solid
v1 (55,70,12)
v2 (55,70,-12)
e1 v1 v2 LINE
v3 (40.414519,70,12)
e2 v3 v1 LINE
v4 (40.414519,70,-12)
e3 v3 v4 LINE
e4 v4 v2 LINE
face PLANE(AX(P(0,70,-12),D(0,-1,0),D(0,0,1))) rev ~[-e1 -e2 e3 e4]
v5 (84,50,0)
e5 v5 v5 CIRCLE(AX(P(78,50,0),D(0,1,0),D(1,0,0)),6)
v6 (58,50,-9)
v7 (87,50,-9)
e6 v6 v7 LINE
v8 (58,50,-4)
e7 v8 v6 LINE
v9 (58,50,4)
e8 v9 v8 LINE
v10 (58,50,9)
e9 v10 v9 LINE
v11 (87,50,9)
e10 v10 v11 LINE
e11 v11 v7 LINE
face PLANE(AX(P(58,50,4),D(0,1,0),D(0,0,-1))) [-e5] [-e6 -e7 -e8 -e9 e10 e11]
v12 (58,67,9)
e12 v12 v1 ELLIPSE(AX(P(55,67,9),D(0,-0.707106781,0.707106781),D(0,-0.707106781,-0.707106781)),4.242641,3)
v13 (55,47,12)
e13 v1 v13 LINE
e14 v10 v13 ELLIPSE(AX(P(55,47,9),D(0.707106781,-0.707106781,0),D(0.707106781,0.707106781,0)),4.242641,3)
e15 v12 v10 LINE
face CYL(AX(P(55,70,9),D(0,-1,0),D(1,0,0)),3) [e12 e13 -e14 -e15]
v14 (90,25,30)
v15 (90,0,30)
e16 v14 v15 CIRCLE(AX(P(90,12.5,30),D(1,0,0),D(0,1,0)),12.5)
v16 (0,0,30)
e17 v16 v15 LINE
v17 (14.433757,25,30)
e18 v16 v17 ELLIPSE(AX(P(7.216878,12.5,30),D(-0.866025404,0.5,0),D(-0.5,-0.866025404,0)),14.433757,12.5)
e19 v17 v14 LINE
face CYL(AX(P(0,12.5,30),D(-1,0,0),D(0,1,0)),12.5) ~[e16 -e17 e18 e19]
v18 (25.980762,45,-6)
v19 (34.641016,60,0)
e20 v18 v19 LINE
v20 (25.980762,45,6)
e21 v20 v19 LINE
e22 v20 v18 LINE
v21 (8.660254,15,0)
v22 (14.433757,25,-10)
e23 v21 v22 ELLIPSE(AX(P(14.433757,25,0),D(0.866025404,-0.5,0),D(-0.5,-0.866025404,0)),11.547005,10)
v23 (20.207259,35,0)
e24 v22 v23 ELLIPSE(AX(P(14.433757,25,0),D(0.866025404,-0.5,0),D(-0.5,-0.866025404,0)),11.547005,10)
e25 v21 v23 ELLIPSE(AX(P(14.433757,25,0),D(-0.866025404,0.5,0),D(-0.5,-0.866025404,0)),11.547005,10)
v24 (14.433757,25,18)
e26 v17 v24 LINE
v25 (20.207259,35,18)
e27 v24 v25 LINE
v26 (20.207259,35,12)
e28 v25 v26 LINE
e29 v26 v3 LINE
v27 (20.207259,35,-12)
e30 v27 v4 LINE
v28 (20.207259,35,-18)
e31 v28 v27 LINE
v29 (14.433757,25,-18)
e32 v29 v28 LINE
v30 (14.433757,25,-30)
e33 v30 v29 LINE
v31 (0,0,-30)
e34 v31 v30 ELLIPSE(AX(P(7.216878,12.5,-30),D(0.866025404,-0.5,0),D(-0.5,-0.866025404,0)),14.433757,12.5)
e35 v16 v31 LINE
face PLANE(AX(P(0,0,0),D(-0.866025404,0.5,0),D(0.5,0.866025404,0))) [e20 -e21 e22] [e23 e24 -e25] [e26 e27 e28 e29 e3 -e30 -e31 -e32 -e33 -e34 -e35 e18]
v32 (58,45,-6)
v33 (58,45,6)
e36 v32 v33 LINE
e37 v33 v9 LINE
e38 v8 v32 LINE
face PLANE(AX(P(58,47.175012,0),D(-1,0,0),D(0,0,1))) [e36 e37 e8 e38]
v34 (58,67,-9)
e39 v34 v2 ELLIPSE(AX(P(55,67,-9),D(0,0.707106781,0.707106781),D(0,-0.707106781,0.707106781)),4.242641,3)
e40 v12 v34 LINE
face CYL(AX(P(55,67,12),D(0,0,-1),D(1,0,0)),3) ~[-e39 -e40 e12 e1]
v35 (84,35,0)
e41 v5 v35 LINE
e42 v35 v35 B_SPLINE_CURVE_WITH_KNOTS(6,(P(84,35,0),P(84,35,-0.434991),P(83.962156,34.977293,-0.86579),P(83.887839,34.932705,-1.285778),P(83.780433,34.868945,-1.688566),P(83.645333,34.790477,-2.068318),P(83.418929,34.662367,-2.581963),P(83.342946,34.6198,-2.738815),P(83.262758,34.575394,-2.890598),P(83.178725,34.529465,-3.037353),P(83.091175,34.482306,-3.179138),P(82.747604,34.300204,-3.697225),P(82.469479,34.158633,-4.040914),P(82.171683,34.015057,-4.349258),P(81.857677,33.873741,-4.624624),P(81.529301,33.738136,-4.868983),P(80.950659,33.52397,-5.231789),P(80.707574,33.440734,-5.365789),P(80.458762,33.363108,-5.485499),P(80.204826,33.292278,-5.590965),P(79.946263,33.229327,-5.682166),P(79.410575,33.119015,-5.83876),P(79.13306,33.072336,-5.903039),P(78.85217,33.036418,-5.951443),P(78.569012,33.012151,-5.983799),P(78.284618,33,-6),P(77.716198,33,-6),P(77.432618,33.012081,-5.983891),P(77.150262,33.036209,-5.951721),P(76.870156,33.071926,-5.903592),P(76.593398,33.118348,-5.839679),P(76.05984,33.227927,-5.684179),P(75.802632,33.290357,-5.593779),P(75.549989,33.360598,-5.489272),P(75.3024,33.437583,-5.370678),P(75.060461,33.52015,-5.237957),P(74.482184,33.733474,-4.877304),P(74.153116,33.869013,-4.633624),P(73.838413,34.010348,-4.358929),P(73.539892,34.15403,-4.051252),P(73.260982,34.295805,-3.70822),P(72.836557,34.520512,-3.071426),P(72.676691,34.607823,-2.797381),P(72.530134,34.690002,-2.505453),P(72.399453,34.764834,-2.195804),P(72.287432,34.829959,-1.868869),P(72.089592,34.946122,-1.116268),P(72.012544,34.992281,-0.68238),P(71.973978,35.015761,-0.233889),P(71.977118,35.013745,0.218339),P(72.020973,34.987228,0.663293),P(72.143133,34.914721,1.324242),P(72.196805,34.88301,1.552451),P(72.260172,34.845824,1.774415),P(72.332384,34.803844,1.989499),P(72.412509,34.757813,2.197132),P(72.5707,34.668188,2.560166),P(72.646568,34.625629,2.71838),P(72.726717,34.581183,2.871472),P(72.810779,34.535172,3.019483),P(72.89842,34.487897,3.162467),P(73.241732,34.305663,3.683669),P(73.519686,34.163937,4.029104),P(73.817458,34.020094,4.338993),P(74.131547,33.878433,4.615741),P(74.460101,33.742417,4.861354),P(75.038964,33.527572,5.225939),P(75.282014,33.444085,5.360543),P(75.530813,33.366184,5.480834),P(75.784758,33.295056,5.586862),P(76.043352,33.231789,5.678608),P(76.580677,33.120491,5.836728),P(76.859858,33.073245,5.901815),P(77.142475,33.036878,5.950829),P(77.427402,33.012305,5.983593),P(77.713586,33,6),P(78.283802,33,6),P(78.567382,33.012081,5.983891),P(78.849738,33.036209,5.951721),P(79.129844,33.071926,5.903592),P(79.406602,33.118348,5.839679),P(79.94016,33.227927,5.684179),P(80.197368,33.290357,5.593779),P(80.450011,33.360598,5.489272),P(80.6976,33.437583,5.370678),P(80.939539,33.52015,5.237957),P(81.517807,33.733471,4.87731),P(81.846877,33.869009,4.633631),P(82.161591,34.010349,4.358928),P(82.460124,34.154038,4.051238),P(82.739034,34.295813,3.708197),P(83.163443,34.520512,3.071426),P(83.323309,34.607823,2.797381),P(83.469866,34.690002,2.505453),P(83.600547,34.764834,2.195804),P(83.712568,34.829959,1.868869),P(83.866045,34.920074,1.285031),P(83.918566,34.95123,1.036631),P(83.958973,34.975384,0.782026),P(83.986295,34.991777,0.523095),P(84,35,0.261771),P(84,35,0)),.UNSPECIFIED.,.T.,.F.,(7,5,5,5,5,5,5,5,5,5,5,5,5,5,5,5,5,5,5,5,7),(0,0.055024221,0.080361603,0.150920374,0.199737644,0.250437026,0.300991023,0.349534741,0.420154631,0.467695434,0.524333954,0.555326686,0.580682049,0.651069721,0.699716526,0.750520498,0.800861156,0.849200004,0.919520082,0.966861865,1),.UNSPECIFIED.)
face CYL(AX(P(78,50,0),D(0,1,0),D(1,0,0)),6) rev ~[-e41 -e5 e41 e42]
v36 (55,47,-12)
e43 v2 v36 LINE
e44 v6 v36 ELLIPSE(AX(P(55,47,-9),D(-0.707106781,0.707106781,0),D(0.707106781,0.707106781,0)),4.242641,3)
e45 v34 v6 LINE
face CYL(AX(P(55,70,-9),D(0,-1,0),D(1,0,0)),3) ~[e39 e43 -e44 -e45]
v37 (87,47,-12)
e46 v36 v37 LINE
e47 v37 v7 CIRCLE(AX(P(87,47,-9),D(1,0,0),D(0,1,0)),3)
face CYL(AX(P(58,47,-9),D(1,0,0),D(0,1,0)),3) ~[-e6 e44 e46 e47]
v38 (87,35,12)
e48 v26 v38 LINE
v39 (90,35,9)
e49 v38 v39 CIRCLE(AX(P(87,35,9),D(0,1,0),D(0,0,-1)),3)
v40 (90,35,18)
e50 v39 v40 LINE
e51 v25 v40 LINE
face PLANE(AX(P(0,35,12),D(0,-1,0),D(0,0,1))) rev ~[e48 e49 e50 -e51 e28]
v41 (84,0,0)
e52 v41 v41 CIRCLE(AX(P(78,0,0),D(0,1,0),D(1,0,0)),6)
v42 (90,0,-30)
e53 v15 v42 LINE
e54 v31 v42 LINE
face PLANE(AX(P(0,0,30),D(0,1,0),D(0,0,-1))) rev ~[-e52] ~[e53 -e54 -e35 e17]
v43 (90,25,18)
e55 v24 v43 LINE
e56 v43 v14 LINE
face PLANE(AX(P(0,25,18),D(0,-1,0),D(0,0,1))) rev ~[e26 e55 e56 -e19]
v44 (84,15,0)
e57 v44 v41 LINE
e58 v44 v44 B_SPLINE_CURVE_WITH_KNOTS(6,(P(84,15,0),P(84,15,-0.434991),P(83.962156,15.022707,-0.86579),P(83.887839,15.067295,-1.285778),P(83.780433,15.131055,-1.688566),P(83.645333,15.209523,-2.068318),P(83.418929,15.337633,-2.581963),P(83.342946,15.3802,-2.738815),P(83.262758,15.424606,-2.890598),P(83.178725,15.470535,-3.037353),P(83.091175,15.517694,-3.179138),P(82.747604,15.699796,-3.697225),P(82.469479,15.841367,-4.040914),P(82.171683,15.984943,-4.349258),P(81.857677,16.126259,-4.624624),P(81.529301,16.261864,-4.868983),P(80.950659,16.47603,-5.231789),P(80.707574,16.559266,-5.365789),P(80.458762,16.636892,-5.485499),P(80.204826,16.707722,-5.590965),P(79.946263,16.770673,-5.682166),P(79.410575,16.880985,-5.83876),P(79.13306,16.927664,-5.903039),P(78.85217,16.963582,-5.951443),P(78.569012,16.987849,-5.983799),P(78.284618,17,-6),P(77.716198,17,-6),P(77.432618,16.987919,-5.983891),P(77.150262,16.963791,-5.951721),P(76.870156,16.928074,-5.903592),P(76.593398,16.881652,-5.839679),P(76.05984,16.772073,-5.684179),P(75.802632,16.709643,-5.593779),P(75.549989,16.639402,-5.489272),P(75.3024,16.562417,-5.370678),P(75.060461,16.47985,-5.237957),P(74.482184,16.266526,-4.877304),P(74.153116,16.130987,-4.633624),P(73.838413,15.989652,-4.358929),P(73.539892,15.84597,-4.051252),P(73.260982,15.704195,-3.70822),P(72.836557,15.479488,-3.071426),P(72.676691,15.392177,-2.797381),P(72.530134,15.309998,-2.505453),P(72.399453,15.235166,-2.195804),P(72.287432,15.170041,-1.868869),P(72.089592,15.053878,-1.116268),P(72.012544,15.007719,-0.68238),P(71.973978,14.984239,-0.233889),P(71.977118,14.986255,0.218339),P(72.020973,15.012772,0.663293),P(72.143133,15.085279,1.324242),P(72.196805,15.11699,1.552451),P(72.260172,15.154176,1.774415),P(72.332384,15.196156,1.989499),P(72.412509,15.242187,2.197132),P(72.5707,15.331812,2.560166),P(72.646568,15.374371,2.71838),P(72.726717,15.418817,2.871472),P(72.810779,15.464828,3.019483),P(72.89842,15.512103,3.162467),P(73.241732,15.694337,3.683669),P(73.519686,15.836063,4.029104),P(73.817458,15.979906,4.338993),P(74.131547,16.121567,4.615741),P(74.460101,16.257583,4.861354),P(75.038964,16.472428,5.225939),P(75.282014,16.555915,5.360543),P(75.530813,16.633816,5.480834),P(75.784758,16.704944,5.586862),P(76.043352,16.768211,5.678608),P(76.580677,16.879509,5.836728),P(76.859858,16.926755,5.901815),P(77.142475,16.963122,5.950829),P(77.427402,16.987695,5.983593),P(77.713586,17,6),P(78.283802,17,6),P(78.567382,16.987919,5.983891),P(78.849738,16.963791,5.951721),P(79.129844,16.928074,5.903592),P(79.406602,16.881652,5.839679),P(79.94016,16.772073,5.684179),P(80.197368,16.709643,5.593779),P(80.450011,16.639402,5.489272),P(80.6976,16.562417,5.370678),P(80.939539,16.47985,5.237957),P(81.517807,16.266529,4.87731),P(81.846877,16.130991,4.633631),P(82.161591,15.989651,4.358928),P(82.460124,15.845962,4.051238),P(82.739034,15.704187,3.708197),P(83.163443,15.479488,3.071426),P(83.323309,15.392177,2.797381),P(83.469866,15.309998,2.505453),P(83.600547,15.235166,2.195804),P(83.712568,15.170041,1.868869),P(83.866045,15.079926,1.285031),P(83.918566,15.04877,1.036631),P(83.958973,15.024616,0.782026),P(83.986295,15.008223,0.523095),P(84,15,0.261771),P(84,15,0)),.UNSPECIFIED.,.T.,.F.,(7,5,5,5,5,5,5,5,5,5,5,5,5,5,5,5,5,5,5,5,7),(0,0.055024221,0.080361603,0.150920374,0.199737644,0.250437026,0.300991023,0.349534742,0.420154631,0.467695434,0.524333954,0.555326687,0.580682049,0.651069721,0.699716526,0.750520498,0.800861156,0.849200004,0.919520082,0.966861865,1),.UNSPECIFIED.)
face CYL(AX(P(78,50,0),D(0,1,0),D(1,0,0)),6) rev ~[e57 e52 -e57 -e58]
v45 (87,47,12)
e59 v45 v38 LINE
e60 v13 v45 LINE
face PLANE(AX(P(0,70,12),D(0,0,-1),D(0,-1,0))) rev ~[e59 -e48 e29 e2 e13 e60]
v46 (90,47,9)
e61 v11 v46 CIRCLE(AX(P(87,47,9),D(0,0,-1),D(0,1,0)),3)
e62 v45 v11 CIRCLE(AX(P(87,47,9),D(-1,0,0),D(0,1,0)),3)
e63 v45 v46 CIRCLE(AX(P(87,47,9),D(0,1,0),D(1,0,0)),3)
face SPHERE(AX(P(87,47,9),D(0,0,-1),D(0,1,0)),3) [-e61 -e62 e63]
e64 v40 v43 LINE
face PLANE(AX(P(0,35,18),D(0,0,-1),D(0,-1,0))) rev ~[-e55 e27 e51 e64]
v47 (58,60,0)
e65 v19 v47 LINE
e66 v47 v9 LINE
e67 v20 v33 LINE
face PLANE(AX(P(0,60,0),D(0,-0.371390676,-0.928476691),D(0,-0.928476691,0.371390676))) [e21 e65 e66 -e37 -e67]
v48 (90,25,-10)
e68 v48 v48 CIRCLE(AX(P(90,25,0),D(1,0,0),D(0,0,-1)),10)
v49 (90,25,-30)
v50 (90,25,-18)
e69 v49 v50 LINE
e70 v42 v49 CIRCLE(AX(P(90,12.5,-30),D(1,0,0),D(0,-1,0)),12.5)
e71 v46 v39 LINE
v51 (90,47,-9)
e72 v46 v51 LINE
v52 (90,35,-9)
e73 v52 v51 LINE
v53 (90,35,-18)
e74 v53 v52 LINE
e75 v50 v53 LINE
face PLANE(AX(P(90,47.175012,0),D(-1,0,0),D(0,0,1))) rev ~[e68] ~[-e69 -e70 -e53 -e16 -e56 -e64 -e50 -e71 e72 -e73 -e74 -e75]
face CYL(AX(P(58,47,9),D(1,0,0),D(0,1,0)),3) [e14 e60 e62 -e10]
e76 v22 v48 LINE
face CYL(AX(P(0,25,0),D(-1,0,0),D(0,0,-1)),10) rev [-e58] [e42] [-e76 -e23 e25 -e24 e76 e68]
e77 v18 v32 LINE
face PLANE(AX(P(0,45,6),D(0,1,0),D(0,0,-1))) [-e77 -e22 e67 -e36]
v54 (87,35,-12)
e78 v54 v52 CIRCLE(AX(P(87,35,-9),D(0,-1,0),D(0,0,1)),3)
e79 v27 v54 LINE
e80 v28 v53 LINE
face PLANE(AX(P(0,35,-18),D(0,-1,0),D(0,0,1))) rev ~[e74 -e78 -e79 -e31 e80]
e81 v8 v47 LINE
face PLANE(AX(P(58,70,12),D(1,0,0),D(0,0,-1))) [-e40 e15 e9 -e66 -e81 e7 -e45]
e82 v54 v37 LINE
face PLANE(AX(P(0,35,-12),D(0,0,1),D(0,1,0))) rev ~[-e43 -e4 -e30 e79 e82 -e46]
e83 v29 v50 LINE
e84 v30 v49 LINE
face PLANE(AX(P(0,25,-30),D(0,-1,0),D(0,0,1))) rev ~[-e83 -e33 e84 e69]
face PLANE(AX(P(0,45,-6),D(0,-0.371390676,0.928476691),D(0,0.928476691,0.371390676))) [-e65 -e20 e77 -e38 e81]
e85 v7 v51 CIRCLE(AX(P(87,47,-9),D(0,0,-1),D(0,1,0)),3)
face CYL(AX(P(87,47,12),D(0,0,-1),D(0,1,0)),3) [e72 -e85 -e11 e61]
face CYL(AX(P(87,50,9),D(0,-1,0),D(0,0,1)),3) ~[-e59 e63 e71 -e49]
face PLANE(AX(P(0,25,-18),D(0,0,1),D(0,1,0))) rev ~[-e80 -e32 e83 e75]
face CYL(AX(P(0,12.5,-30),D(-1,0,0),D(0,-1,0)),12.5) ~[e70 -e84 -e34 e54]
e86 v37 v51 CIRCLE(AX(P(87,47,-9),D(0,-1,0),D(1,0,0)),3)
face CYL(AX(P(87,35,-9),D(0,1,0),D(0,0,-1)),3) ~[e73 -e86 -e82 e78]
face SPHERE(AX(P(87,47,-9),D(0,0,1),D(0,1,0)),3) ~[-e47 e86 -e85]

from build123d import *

# Parameters (mm, degrees)
SKETCH1_R               = 10
BOSS_EXTRUDE1_DEPTH     = 90
CUT_EXTRUDE1_DEPTH      = 46
CUT_EXTRUDE1_DEPTH_BACK = 57
SKETCH3_W               = 32
SKETCH3_H               = 24
CUT_EXTRUDE2_DEPTH      = 20
BOSS_EXTRUDE2_DEPTH     = 32
SKETCH5_R               = 6
CUT_EXTRUDE3_DEPTH      = 78
FILLET3_R               = 3


with BuildPart() as part:
    # Sketch1 → Boss-Extrude1 (new body)
    with BuildSketch(Plane(origin=(0, 0, 0), x_dir=(0, 0, -1), z_dir=(1, 0, 0))):
        with BuildLine():
            Line((-30, 0), (30, 0))
            ThreePointArc((30, 0), (42.5, 12.5), (30, 25))
            Line((30, 25), (18, 25))
            Line((18, 25), (18, 35))
            Line((18, 35), (12, 35))
            Line((12, 35), (12, 70))
            Line((12, 70), (-12, 70))
            Line((-12, 70), (-12, 35))
            Line((-12, 35), (-18, 35))
            Line((-18, 35), (-18, 25))
            Line((-18, 25), (-30, 25))
            ThreePointArc((-30, 25), (-42.5, 12.5), (-30, 0))
        make_face()
        with Locations((0, 25)):
            Circle(SKETCH1_R, mode=Mode.SUBTRACT)
        Polygon((-6, 45), (6, 45), (0, 60), align=None, mode=Mode.SUBTRACT)
    extrude(amount=BOSS_EXTRUDE1_DEPTH)

    # Sketch2 → Cut-Extrude1 (cut, two sides)
    with BuildSketch(Plane.XY) as cut_extrude1_sk:
        Polygon((0, 0), (40.414518843, 70), (0, 70), align=None)
    extrude(amount=CUT_EXTRUDE1_DEPTH, mode=Mode.SUBTRACT)
    extrude(cut_extrude1_sk.sketch, amount=-CUT_EXTRUDE1_DEPTH_BACK, mode=Mode.SUBTRACT)

    # Sketch3 → Cut-Extrude2 (cut)
    with BuildSketch(Plane(origin=(0, 70, 0), x_dir=(1, 0, 0), z_dir=(0, 1, 0))):
        with Locations((74, 0)):
            Rectangle(SKETCH3_W, SKETCH3_H)
    extrude(amount=-CUT_EXTRUDE2_DEPTH, mode=Mode.SUBTRACT)

    # Sketch4 → Boss-Extrude2 (add)
    with BuildSketch(Plane(origin=(58, 0, 0), x_dir=(0, 0, -1), z_dir=(1, 0, 0))):
        Polygon((-6, 45), (-4, 50), (4, 50), (6, 45), align=None)
    extrude(amount=BOSS_EXTRUDE2_DEPTH)

    # Sketch5 → Cut-Extrude3 (cut)
    with BuildSketch(Plane(origin=(0, 50, 0), x_dir=(1, 0, 0), z_dir=(0, 1, 0))):
        with Locations((78, 0)):
            Circle(SKETCH5_R)
    extrude(amount=-CUT_EXTRUDE3_DEPTH, mode=Mode.SUBTRACT)

    # Fillet3
    fillet3_edges = [part.edges().sort_by_distance(p)[0] for p in [
        (90, 50, 0),
        (74, 50, 12),
        (58, 60, 12),
        (74, 50, -12),
        (58, 60, -12),
        (58, 70, 0),
        (90, 42.5, -12),
        (90, 42.5, 12),
    ]]
    fillet(fillet3_edges, radius=FILLET3_R)


solid = part.part
